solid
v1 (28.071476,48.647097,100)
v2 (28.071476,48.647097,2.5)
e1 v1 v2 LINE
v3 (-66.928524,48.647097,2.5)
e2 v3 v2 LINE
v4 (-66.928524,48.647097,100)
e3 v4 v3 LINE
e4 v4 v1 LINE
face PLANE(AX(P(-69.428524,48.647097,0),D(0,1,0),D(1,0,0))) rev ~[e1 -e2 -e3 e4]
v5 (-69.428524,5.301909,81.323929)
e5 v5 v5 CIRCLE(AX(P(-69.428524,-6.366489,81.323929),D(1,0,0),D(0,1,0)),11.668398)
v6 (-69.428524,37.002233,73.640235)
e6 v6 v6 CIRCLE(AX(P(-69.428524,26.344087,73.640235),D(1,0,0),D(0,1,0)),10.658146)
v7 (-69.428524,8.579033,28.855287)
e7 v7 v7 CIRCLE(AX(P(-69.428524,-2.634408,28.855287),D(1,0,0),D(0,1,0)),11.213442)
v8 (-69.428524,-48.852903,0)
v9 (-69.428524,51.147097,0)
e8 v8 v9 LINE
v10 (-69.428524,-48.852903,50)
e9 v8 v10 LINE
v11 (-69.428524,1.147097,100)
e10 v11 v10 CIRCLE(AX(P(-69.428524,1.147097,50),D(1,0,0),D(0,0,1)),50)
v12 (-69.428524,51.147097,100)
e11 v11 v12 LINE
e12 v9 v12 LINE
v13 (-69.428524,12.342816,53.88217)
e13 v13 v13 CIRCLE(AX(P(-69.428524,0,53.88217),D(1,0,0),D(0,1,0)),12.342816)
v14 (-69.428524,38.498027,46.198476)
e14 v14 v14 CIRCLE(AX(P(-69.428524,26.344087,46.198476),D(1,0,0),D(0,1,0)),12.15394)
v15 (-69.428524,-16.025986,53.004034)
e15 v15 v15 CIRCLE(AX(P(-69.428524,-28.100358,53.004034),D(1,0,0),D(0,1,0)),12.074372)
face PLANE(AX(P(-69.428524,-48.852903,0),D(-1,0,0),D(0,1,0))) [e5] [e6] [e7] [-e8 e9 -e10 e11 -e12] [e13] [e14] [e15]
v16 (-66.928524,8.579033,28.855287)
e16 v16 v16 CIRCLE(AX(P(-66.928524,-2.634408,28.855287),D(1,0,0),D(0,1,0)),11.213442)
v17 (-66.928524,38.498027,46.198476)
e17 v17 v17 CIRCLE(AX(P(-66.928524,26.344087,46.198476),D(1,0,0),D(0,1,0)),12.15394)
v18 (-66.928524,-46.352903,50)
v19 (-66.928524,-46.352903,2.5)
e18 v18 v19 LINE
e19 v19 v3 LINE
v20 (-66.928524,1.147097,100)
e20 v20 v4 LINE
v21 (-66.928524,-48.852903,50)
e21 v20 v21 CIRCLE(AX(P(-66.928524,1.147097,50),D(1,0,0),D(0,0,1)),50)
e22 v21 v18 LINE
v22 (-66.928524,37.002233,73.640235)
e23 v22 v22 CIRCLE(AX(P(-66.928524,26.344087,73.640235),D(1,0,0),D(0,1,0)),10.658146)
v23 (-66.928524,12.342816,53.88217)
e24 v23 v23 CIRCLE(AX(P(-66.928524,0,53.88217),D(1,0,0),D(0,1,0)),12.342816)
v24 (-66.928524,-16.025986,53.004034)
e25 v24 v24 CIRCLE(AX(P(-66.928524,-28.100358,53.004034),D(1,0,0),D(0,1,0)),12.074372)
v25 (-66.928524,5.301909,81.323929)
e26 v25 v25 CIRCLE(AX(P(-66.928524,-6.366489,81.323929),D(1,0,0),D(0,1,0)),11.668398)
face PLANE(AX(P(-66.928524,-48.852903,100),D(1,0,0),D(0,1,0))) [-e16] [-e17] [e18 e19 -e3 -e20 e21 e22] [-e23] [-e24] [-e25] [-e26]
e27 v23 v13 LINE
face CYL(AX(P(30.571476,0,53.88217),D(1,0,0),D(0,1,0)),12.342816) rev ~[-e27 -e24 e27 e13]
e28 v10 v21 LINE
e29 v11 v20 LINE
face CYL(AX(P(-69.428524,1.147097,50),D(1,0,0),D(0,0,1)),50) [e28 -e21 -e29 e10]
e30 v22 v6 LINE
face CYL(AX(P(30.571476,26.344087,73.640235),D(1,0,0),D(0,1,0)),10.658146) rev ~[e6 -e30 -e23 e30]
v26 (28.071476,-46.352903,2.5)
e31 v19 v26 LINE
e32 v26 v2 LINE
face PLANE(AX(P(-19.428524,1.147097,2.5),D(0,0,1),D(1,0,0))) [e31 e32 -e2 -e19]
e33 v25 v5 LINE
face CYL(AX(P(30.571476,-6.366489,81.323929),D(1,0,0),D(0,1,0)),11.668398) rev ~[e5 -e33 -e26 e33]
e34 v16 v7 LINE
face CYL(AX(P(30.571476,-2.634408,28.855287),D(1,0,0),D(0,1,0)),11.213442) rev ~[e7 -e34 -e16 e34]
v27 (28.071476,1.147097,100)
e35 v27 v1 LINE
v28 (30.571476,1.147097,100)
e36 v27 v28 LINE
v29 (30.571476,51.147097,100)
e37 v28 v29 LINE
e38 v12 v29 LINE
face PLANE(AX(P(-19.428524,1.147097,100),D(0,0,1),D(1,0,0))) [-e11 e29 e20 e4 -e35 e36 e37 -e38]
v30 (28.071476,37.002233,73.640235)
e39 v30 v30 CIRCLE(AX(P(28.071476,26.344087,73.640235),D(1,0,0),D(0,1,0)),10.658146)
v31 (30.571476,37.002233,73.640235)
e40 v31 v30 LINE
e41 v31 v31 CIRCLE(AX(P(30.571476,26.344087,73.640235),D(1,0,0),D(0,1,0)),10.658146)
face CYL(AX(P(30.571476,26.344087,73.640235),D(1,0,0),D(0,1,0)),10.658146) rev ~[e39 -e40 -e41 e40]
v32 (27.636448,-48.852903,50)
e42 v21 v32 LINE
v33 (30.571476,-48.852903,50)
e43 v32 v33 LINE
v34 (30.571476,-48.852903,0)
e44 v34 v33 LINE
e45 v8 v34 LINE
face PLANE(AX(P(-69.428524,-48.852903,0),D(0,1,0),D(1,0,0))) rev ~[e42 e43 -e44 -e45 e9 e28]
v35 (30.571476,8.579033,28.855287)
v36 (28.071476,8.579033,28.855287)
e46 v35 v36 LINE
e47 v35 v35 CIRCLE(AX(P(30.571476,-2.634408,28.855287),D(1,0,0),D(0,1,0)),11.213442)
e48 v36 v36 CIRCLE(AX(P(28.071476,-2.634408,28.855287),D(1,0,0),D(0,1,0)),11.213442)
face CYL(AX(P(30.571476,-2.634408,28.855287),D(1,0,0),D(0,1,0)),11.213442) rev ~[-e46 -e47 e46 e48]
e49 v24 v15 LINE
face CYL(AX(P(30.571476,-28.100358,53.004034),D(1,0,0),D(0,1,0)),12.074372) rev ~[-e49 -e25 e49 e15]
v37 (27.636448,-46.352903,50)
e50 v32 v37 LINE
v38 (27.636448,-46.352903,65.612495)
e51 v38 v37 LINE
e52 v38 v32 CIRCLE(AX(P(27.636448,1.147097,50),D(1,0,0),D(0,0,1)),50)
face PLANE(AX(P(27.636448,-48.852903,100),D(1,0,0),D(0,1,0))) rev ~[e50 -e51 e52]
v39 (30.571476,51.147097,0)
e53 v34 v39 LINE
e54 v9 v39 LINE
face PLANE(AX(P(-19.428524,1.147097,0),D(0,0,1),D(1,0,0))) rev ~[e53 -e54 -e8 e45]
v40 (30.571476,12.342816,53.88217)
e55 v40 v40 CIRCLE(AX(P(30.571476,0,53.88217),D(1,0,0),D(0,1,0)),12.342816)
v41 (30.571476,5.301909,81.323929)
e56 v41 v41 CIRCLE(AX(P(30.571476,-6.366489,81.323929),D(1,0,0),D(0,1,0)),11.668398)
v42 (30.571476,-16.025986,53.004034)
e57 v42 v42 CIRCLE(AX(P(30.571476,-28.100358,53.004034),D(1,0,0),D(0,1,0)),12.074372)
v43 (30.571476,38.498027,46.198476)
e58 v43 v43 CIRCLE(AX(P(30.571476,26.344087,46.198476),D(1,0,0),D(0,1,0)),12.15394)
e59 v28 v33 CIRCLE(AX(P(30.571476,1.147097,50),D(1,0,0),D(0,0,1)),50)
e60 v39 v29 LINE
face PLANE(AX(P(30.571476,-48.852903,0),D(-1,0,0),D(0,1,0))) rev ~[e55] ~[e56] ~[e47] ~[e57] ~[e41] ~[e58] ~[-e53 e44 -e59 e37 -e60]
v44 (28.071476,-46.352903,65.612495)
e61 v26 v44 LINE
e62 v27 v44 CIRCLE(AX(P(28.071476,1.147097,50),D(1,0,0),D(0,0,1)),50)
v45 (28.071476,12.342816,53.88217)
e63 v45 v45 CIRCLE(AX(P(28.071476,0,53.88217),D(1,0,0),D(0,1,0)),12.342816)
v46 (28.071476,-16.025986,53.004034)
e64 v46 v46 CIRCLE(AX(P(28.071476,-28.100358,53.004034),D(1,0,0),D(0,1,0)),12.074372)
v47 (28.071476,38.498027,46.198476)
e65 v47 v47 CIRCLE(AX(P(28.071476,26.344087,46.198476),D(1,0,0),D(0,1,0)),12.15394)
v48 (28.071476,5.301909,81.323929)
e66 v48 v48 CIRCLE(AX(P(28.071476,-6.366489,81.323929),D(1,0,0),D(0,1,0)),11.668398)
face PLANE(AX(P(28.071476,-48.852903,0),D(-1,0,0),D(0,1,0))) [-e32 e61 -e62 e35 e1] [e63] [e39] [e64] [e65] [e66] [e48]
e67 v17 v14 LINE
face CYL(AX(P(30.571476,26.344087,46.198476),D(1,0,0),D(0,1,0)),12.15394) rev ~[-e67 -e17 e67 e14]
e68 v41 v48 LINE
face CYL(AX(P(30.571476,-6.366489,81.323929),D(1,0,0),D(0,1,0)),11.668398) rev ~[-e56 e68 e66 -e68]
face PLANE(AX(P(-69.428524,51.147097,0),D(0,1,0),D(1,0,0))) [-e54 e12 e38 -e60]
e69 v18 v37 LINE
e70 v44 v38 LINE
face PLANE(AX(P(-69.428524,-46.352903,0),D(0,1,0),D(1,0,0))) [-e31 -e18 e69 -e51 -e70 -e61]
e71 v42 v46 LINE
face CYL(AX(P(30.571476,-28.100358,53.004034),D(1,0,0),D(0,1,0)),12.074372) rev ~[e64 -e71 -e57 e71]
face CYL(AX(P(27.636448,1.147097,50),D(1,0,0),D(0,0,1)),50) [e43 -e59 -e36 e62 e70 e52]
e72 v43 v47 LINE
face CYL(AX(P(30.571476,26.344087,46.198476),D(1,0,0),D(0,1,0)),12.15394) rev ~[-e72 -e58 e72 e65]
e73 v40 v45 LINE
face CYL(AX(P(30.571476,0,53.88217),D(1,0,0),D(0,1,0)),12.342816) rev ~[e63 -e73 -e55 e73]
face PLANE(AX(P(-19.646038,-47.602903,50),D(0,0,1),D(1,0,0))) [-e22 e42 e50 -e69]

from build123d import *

# Parameters (mm, degrees)
F0_W     = 100
F0_H     = 100
F1_DEPTH = 100
F2_T     = -2.5
F3_W     = 94.5649716185
F3_H     = 2.5
F4_DEPTH = 50
F5_R     = 50
F6_R     = 12.0743721724
F6_R_2   = 11.213441631
F6_R_3   = 12.3428155876
F6_R_4   = 11.6683976529
F6_R_5   = 10.6581459458
F6_R_6   = 12.1539399679
F7_DEPTH = 100.001


with BuildPart() as f1:
    # F0 (on Top) → F1 (new body)
    with BuildSketch(Plane.XY):
        with Locations((-19.4285236971, 1.1470969766)):
            Rectangle(F0_W, F0_H)
    extrude(amount=F1_DEPTH)

    # F2
    f2_openings = [f1.faces().sort_by_distance(p)[0] for p in [
        (-19.428524, 1.147097, 100),
    ]]
    offset(amount=F2_T, openings=f2_openings)

    # F3 (on face) → F4 (cut)
    with BuildSketch(Plane.XY.offset(100)):
        with Locations((-19.6460378879, -47.6029030234)):
            Rectangle(F3_W, F3_H)
    extrude(amount=-F4_DEPTH, mode=Mode.SUBTRACT)

    # F5
    f5_edges = [f1.edges().sort_by_distance(p)[0] for p in [
        (-68.178524, -48.852903, 100),
        (29.103962, -48.852903, 100),
    ]]
    fillet(f5_edges, radius=F5_R)

    # F6 (on face) → F7 (cut, through all)
    with BuildSketch(Plane.YZ.offset(30.5714763029)):
        with Locations((-28.1003583223, 53.0040338635)):
            Circle(F6_R)
        with Locations((-2.6344081853, 28.8552865386)):
            Circle(F6_R_2)
        with Locations((0, 53.8821704686)):
            Circle(F6_R_3)
        with Locations((-6.3664885238, 81.323929131)):
            Circle(F6_R_4)
        with Locations((26.3440869749, 73.6402347684)):
            Circle(F6_R_5)
        with Locations((26.3440869749, 46.1984761059)):
            Circle(F6_R_6)
    extrude(amount=-F7_DEPTH, mode=Mode.SUBTRACT)


solid = f1.part
